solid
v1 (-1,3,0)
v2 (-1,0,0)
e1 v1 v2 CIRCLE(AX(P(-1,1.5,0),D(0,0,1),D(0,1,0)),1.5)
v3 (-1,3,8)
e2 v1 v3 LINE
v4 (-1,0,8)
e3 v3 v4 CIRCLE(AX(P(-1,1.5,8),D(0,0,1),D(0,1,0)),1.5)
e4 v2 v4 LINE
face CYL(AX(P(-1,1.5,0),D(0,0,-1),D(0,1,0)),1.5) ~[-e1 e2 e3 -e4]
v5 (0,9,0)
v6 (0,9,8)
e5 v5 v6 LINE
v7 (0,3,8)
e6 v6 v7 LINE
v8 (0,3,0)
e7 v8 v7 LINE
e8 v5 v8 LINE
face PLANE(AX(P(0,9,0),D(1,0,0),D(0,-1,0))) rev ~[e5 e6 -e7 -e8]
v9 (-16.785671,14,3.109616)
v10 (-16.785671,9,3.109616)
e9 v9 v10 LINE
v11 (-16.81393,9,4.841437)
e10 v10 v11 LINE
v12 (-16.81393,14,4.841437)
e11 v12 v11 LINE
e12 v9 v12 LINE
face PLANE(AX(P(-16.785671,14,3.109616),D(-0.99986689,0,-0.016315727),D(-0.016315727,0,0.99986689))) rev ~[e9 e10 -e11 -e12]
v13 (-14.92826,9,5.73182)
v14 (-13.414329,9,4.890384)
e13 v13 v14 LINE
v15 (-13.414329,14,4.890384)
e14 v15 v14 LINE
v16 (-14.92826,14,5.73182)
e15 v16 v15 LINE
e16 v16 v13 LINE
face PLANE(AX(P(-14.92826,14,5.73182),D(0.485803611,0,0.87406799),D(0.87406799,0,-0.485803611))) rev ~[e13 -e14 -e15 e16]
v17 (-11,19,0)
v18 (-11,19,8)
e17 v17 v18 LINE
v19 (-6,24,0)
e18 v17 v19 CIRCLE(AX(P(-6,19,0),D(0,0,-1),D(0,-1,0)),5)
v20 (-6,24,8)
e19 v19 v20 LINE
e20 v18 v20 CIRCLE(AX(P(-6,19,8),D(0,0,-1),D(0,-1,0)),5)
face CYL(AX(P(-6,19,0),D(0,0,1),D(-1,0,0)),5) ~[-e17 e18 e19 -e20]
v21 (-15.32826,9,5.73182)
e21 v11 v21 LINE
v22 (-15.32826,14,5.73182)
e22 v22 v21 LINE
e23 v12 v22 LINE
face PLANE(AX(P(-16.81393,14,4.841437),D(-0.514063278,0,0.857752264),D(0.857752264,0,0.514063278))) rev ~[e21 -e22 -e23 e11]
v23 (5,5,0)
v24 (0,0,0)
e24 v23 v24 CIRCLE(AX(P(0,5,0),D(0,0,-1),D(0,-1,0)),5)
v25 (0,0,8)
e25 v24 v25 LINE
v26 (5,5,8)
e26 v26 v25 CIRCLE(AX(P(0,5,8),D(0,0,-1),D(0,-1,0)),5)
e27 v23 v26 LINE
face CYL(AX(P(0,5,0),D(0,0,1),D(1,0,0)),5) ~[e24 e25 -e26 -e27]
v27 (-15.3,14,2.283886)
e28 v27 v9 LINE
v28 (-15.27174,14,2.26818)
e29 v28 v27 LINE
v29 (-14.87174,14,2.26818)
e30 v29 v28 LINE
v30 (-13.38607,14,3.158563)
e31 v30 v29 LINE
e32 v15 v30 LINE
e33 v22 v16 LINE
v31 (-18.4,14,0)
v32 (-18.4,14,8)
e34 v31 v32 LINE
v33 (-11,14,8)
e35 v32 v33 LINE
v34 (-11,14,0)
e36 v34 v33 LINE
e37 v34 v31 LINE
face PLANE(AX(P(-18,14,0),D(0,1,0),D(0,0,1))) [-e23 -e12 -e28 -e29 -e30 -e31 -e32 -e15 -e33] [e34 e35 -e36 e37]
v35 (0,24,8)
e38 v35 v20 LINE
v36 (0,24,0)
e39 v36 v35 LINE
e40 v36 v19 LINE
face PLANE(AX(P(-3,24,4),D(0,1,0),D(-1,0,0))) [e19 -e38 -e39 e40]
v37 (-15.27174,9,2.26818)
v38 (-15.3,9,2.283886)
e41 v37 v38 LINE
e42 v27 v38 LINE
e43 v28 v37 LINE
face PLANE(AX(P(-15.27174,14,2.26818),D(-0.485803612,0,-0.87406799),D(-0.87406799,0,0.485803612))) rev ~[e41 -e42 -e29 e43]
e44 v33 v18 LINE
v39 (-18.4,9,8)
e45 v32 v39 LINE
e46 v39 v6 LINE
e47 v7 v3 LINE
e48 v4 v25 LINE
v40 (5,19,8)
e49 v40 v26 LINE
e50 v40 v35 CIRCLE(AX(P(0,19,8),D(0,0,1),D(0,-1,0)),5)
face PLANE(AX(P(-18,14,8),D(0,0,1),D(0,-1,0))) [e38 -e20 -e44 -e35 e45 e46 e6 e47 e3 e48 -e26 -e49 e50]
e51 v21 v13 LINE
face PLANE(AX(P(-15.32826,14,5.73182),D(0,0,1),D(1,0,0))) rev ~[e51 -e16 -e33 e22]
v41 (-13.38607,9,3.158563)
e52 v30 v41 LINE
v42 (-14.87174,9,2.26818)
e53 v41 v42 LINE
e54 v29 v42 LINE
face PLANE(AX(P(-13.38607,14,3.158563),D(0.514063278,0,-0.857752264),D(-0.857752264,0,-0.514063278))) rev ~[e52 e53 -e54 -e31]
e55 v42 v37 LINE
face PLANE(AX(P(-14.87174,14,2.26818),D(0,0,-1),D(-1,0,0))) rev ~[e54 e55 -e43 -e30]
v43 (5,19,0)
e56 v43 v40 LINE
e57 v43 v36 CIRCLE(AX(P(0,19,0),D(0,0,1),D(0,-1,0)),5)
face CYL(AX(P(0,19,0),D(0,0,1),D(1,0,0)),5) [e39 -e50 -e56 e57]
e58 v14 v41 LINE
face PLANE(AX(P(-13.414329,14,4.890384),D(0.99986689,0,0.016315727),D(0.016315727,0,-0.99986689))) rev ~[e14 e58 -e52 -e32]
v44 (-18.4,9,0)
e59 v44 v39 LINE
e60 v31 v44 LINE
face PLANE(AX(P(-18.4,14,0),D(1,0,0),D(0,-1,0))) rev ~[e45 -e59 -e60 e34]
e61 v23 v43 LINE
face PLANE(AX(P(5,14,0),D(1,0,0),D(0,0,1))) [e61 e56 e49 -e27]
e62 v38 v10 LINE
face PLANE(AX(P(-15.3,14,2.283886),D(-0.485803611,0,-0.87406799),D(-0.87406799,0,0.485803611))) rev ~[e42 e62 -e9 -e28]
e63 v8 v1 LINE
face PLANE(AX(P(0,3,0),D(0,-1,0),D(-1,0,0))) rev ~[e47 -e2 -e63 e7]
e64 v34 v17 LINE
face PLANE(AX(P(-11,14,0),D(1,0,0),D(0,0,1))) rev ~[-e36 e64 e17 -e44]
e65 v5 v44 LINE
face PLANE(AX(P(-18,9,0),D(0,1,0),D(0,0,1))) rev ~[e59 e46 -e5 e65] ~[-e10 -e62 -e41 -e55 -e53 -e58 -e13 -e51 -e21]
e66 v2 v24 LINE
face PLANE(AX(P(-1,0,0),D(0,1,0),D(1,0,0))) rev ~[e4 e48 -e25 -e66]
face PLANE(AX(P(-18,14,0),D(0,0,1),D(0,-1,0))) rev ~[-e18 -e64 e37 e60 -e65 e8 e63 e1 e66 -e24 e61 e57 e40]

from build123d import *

# Parameters (mm, degrees)
F1_DEPTH      = 8
F3_DEPTH      = 25
F3_DEPTH_BACK = 25
F4_W          = 16
F4_H          = 8
F5_DEPTH      = 10
F6_R          = 5
F7_R          = 5
F8_DEPTH      = 0.4


with BuildPart() as f1:
    # F0 (on Top) → F1 (new body)
    with BuildSketch(Plane.XY):
        with BuildLine():
            Line((-1, 0), (0, 0))
            Line((0, 0), (5, 0))
            Line((5, 0), (5, 14))
            Line((5, 14), (-18, 14))
            Line((-18, 14), (-18, 9))
            Line((-18, 9), (0, 9))
            Line((0, 9), (0, 3))
            Line((0, 3), (-1, 3))
            ThreePointArc((-1, 3), (-2.5, 1.5), (-1, 0))
        make_face()
    extrude(amount=F1_DEPTH)

    # F2 (on face) → F3 (cut, two sides)
    with BuildSketch(Plane(origin=(0, 14, 0), x_dir=(-1, 0, 0), z_dir=(0, 1, 0))) as f3_sk:
        Polygon((15.3, 2.2838863602), (15.3, 5.7318202537), (14.9282596673, 5.7318202537), (13.4143294991, 4.8903837167), (13.3860698318, 3.1585634629), (14.8717403327, 2.2681797463), (15.2717403327, 2.2681797463), align=None)
        Polygon((15.3282596673, 5.7318202537), (15.3, 5.7318202537), (15.3, 2.2838863602), (16.7856705009, 3.1096162833), (16.8139301682, 4.8414365371), align=None)
    extrude(amount=-F3_DEPTH, mode=Mode.SUBTRACT)
    extrude(f3_sk.sketch, amount=F3_DEPTH_BACK, mode=Mode.SUBTRACT)

    # F4 (on face) → F5 (join)
    with BuildSketch(Plane(origin=(0, 14, 0), x_dir=(-1, 0, 0), z_dir=(0, 1, 0))):
        with Locations((3, 4)):
            Rectangle(F4_W, F4_H)
    extrude(amount=F5_DEPTH)

    # F6
    f6_edges = [f1.edges().sort_by_distance(p)[0] for p in [
        (5, 24, 4),
        (-11, 24, 4),
    ]]
    fillet(f6_edges, radius=F6_R)

    # F7
    f7_edges = [f1.edges().sort_by_distance(p)[0] for p in [
        (5, 0, 4),
    ]]
    fillet(f7_edges, radius=F7_R)

    # F8 (add): a face of the model
    f8_faces = [f1.faces().sort_by_distance(p)[0] for p in [
        (-18, 11.5, 4),
    ]]
    extrude(f8_faces, amount=F8_DEPTH)


solid = f1.part
